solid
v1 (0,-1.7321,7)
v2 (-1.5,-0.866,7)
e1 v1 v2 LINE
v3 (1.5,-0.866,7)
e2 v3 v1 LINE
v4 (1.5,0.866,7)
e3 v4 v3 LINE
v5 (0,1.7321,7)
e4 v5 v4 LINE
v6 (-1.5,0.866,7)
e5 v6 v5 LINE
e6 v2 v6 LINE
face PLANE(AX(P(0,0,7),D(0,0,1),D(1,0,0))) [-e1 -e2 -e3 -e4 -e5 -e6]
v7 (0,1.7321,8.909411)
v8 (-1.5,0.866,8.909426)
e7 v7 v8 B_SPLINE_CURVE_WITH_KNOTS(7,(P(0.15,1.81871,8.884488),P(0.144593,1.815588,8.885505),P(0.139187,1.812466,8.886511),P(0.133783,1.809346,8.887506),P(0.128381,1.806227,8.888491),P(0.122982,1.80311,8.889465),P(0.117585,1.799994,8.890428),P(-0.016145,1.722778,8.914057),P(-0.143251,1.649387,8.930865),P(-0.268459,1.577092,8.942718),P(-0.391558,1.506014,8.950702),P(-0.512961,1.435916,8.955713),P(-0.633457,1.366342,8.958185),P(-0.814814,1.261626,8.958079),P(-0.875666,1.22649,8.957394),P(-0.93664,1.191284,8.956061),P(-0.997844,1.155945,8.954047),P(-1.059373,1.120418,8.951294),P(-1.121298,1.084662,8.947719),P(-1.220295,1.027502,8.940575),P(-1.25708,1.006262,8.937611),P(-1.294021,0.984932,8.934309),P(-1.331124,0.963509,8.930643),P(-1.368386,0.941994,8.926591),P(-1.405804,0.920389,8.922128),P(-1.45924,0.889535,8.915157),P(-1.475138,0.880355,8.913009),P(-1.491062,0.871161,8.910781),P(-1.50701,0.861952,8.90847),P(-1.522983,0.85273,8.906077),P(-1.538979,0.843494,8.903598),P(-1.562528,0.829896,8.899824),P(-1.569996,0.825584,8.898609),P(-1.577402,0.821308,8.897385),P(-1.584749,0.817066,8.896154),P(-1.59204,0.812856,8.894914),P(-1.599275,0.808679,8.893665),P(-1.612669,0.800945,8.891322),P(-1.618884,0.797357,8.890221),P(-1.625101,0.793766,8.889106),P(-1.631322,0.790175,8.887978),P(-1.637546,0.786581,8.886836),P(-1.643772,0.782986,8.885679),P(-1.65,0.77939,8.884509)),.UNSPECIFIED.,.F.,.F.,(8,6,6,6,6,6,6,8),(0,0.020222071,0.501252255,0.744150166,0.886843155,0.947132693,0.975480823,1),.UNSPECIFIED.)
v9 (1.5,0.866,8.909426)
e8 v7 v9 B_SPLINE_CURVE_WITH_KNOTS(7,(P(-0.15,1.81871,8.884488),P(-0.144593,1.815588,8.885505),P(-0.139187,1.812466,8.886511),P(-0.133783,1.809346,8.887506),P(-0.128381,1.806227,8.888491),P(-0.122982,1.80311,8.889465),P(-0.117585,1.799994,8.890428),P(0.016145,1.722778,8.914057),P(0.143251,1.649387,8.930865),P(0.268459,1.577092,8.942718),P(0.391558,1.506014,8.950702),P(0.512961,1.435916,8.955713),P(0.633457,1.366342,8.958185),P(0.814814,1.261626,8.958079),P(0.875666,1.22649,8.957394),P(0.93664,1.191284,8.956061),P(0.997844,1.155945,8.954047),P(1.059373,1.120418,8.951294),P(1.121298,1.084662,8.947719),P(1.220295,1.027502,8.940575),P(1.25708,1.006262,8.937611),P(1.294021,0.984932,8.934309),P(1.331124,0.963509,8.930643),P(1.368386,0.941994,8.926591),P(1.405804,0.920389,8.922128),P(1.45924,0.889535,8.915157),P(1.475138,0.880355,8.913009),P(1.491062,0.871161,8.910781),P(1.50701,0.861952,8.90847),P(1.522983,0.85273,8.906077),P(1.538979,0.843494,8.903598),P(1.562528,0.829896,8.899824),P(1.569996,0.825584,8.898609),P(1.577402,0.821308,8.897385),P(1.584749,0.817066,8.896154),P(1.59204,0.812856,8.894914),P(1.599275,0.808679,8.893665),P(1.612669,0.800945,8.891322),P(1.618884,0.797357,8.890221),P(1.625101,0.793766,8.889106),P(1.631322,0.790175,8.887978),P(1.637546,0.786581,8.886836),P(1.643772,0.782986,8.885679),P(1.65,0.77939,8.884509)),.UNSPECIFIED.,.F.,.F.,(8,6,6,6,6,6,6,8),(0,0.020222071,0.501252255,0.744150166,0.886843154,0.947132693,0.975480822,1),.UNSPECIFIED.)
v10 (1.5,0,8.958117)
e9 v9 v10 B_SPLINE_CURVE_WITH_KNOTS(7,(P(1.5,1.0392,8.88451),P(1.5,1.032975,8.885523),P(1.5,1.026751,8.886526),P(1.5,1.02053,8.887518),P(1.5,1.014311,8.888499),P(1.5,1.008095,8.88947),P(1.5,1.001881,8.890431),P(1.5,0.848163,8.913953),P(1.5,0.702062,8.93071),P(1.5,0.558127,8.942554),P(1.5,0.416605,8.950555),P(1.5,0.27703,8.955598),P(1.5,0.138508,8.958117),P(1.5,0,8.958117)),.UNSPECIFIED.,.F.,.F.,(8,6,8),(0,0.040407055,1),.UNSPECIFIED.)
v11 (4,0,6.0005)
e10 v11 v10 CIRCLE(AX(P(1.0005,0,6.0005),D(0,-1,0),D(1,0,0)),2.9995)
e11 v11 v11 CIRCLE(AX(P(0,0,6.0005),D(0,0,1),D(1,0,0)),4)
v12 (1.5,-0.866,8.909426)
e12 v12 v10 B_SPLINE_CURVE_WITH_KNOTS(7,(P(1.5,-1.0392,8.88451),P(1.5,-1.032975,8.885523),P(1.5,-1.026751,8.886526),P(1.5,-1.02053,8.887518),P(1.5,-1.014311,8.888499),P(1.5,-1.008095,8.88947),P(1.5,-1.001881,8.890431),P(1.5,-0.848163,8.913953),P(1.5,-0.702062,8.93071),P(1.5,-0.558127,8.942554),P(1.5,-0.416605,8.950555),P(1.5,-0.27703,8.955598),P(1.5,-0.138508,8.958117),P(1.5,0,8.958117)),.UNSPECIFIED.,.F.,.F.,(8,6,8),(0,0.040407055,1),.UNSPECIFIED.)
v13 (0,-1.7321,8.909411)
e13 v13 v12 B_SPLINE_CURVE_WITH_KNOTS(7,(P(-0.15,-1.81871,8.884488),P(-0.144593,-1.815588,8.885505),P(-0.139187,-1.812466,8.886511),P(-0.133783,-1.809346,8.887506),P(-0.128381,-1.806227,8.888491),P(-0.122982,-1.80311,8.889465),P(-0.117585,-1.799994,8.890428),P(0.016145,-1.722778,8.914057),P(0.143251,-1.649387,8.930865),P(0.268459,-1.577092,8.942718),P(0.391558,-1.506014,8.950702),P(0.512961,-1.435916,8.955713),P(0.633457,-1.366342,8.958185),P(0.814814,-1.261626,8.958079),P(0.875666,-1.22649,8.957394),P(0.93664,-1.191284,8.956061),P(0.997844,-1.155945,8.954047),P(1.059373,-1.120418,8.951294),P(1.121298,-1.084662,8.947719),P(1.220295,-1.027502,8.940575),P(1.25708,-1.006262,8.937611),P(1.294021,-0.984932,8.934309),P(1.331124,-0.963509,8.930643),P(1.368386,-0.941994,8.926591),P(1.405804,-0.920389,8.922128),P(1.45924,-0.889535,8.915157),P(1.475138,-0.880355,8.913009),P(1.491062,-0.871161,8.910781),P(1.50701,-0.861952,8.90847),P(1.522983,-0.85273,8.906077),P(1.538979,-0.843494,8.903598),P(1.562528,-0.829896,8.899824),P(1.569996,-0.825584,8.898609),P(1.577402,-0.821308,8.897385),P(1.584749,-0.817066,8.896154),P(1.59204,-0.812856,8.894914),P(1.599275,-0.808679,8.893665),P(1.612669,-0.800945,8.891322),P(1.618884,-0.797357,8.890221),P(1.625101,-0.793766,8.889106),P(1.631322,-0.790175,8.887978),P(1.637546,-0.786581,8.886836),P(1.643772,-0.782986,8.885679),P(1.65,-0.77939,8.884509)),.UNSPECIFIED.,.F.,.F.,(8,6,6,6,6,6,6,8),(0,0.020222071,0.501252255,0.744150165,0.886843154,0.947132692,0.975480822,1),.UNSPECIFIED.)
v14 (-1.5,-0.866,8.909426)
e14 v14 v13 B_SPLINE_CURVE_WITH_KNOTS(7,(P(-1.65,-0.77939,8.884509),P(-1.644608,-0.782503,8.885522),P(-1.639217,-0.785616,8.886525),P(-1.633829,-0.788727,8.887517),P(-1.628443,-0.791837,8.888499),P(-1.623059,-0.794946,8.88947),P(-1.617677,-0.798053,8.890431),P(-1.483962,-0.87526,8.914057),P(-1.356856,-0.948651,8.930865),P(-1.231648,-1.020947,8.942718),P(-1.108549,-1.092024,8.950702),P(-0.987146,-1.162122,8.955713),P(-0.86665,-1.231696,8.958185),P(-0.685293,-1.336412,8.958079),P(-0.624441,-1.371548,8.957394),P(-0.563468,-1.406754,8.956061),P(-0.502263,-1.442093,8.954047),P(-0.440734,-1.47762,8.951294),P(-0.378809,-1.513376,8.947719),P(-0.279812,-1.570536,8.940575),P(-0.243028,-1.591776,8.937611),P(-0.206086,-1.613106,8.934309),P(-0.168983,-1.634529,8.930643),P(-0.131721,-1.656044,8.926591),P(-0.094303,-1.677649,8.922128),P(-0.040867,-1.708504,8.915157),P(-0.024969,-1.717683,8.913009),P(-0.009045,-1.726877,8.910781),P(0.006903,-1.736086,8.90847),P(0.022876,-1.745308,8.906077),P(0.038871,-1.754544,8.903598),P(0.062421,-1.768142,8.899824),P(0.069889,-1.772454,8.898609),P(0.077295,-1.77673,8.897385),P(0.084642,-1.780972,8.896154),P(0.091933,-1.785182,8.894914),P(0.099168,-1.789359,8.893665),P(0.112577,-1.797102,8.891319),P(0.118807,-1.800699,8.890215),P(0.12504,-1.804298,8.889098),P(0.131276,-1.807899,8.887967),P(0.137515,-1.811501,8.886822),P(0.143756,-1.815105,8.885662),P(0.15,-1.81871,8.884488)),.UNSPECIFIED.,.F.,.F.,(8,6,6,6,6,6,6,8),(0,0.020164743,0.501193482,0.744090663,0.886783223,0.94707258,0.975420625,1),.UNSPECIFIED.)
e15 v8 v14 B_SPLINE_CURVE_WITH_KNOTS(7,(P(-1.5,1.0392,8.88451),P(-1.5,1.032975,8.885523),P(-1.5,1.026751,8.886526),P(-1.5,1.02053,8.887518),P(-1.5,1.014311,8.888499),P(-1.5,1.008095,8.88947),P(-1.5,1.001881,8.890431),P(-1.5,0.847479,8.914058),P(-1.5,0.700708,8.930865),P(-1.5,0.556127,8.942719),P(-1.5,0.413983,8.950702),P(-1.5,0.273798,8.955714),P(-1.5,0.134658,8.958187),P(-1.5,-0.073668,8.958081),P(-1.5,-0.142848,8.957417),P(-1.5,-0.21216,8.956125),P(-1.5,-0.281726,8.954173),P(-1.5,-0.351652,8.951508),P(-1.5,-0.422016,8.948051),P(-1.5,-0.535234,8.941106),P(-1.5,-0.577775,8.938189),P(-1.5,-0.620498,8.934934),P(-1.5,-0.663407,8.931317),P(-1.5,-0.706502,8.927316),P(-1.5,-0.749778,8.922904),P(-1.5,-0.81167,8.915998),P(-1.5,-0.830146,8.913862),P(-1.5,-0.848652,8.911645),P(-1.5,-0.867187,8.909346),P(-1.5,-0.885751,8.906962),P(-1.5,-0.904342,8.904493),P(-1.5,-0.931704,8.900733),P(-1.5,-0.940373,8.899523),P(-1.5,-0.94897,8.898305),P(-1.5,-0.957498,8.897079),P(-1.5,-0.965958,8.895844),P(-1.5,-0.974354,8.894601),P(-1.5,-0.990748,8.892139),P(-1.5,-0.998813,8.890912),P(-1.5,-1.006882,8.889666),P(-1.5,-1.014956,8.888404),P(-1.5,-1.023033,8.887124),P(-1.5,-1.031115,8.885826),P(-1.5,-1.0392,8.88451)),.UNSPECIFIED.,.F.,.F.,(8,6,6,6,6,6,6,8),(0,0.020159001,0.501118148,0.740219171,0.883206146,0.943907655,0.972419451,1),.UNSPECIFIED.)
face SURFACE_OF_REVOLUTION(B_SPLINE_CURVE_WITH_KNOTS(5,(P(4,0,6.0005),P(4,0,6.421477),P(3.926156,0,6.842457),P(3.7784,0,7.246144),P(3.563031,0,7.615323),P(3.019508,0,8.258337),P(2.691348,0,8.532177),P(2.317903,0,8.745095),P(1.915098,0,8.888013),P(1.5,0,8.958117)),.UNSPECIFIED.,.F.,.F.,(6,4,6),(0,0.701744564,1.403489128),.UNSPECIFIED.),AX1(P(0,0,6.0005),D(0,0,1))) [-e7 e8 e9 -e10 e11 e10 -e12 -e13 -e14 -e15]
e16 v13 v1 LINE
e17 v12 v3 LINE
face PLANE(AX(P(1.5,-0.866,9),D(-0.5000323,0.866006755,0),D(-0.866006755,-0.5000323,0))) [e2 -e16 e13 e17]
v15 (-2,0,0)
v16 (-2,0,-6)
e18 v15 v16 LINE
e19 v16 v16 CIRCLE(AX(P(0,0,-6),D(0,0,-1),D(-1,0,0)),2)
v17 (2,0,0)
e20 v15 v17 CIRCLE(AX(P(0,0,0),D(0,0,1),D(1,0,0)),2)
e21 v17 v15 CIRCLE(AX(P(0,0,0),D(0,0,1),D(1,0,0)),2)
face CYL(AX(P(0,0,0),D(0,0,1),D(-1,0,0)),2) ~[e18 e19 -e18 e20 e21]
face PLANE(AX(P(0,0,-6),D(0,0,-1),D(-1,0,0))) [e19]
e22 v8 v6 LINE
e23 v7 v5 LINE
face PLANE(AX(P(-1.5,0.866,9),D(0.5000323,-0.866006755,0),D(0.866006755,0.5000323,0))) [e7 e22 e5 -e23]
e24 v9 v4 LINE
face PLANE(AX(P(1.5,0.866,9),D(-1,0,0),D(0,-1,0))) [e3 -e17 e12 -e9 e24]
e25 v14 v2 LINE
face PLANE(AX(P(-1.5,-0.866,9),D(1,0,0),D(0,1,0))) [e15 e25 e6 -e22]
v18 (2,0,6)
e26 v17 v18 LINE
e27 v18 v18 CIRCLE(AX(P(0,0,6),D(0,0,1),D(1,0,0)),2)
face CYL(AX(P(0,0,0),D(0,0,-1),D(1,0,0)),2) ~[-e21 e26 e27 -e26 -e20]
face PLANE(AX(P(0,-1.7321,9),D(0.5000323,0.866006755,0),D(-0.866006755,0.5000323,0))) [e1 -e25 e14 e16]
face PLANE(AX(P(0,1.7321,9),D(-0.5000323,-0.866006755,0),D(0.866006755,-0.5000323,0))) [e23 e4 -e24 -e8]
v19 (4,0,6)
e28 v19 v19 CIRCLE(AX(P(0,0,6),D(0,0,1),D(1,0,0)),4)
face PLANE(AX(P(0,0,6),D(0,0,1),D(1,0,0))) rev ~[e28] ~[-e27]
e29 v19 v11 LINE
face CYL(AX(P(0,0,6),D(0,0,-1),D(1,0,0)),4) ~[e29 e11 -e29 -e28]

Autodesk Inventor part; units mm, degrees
ref_plane "YZ Plane" through (0, 0, 0) normal (1, 0, 0) x (0, 1, 0)
ref_plane "XZ Plane" through (0, 0, 0) normal (0, 1, 0) x (-1, 0, 0)
ref_plane "XY Plane" through (0, 0, 0) normal (0, 0, 1) x (1, 0, 0)
sketch "スケッチ1" plane through (0, 0, 0) normal (0, 0, 1) x (1, 0, 0)
  circle A0 centre (0, 0) radius 2
  dimension "d0" = 4
extrude "押し出し1" add sketch "スケッチ1" along normal blind 6
sketch "スケッチ2" plane through (0, 0, 6) normal (0, 0, 1) x (1, 0, 0)
  circle A0 centre (0, 0) radius 2 projected
  circle A1 centre (0, 0) radius 4
  dimension "d3" = 8
extrude "押し出し2" add sketch "スケッチ2" along normal blind 3 contours A0 | A1
fillet "フィレット1" radius 3 1 edges at (-4, 0, 9)
thread "ねじ1" size "M4x0.7" class "6g" standard "ANSI Metric M Profile" full length
sketch "スケッチ3" plane through (0, 0, 0) normal (0, 0, -1) x (-1, 0, 0)
  circle A0 centre (0, 0) radius 2
extrude "押し出し3" add sketch "スケッチ3" along normal blind 6
sketch "スケッチ4" plane through (0, 0, 9) normal (0, 0, 1) x (1, 0, 0)
  line L0 (-1.5, 0.866) -> (0, 1.7321)
  line L1 (0, 1.7321) -> (1.5, 0.866)
  line L2 (1.5, 0.866) -> (1.5, -0.866)
  line L3 (1.5, -0.866) -> (0, -1.7321)
  line L4 (0, -1.7321) -> (-1.5, -0.866)
  line L5 (-1.5, -0.866) -> (-1.5, 0.866)
  point P0 (0, 0)
  point P1 (0, 0)
  point P2 (-1.5, 0)
  dimension "d11" = 3
extrude "押し出し4" cut sketch "スケッチ4" against normal blind 2
properties part number "SB　M4 12mm なべネジ (1)" material "Stainless Steel, 440C"
